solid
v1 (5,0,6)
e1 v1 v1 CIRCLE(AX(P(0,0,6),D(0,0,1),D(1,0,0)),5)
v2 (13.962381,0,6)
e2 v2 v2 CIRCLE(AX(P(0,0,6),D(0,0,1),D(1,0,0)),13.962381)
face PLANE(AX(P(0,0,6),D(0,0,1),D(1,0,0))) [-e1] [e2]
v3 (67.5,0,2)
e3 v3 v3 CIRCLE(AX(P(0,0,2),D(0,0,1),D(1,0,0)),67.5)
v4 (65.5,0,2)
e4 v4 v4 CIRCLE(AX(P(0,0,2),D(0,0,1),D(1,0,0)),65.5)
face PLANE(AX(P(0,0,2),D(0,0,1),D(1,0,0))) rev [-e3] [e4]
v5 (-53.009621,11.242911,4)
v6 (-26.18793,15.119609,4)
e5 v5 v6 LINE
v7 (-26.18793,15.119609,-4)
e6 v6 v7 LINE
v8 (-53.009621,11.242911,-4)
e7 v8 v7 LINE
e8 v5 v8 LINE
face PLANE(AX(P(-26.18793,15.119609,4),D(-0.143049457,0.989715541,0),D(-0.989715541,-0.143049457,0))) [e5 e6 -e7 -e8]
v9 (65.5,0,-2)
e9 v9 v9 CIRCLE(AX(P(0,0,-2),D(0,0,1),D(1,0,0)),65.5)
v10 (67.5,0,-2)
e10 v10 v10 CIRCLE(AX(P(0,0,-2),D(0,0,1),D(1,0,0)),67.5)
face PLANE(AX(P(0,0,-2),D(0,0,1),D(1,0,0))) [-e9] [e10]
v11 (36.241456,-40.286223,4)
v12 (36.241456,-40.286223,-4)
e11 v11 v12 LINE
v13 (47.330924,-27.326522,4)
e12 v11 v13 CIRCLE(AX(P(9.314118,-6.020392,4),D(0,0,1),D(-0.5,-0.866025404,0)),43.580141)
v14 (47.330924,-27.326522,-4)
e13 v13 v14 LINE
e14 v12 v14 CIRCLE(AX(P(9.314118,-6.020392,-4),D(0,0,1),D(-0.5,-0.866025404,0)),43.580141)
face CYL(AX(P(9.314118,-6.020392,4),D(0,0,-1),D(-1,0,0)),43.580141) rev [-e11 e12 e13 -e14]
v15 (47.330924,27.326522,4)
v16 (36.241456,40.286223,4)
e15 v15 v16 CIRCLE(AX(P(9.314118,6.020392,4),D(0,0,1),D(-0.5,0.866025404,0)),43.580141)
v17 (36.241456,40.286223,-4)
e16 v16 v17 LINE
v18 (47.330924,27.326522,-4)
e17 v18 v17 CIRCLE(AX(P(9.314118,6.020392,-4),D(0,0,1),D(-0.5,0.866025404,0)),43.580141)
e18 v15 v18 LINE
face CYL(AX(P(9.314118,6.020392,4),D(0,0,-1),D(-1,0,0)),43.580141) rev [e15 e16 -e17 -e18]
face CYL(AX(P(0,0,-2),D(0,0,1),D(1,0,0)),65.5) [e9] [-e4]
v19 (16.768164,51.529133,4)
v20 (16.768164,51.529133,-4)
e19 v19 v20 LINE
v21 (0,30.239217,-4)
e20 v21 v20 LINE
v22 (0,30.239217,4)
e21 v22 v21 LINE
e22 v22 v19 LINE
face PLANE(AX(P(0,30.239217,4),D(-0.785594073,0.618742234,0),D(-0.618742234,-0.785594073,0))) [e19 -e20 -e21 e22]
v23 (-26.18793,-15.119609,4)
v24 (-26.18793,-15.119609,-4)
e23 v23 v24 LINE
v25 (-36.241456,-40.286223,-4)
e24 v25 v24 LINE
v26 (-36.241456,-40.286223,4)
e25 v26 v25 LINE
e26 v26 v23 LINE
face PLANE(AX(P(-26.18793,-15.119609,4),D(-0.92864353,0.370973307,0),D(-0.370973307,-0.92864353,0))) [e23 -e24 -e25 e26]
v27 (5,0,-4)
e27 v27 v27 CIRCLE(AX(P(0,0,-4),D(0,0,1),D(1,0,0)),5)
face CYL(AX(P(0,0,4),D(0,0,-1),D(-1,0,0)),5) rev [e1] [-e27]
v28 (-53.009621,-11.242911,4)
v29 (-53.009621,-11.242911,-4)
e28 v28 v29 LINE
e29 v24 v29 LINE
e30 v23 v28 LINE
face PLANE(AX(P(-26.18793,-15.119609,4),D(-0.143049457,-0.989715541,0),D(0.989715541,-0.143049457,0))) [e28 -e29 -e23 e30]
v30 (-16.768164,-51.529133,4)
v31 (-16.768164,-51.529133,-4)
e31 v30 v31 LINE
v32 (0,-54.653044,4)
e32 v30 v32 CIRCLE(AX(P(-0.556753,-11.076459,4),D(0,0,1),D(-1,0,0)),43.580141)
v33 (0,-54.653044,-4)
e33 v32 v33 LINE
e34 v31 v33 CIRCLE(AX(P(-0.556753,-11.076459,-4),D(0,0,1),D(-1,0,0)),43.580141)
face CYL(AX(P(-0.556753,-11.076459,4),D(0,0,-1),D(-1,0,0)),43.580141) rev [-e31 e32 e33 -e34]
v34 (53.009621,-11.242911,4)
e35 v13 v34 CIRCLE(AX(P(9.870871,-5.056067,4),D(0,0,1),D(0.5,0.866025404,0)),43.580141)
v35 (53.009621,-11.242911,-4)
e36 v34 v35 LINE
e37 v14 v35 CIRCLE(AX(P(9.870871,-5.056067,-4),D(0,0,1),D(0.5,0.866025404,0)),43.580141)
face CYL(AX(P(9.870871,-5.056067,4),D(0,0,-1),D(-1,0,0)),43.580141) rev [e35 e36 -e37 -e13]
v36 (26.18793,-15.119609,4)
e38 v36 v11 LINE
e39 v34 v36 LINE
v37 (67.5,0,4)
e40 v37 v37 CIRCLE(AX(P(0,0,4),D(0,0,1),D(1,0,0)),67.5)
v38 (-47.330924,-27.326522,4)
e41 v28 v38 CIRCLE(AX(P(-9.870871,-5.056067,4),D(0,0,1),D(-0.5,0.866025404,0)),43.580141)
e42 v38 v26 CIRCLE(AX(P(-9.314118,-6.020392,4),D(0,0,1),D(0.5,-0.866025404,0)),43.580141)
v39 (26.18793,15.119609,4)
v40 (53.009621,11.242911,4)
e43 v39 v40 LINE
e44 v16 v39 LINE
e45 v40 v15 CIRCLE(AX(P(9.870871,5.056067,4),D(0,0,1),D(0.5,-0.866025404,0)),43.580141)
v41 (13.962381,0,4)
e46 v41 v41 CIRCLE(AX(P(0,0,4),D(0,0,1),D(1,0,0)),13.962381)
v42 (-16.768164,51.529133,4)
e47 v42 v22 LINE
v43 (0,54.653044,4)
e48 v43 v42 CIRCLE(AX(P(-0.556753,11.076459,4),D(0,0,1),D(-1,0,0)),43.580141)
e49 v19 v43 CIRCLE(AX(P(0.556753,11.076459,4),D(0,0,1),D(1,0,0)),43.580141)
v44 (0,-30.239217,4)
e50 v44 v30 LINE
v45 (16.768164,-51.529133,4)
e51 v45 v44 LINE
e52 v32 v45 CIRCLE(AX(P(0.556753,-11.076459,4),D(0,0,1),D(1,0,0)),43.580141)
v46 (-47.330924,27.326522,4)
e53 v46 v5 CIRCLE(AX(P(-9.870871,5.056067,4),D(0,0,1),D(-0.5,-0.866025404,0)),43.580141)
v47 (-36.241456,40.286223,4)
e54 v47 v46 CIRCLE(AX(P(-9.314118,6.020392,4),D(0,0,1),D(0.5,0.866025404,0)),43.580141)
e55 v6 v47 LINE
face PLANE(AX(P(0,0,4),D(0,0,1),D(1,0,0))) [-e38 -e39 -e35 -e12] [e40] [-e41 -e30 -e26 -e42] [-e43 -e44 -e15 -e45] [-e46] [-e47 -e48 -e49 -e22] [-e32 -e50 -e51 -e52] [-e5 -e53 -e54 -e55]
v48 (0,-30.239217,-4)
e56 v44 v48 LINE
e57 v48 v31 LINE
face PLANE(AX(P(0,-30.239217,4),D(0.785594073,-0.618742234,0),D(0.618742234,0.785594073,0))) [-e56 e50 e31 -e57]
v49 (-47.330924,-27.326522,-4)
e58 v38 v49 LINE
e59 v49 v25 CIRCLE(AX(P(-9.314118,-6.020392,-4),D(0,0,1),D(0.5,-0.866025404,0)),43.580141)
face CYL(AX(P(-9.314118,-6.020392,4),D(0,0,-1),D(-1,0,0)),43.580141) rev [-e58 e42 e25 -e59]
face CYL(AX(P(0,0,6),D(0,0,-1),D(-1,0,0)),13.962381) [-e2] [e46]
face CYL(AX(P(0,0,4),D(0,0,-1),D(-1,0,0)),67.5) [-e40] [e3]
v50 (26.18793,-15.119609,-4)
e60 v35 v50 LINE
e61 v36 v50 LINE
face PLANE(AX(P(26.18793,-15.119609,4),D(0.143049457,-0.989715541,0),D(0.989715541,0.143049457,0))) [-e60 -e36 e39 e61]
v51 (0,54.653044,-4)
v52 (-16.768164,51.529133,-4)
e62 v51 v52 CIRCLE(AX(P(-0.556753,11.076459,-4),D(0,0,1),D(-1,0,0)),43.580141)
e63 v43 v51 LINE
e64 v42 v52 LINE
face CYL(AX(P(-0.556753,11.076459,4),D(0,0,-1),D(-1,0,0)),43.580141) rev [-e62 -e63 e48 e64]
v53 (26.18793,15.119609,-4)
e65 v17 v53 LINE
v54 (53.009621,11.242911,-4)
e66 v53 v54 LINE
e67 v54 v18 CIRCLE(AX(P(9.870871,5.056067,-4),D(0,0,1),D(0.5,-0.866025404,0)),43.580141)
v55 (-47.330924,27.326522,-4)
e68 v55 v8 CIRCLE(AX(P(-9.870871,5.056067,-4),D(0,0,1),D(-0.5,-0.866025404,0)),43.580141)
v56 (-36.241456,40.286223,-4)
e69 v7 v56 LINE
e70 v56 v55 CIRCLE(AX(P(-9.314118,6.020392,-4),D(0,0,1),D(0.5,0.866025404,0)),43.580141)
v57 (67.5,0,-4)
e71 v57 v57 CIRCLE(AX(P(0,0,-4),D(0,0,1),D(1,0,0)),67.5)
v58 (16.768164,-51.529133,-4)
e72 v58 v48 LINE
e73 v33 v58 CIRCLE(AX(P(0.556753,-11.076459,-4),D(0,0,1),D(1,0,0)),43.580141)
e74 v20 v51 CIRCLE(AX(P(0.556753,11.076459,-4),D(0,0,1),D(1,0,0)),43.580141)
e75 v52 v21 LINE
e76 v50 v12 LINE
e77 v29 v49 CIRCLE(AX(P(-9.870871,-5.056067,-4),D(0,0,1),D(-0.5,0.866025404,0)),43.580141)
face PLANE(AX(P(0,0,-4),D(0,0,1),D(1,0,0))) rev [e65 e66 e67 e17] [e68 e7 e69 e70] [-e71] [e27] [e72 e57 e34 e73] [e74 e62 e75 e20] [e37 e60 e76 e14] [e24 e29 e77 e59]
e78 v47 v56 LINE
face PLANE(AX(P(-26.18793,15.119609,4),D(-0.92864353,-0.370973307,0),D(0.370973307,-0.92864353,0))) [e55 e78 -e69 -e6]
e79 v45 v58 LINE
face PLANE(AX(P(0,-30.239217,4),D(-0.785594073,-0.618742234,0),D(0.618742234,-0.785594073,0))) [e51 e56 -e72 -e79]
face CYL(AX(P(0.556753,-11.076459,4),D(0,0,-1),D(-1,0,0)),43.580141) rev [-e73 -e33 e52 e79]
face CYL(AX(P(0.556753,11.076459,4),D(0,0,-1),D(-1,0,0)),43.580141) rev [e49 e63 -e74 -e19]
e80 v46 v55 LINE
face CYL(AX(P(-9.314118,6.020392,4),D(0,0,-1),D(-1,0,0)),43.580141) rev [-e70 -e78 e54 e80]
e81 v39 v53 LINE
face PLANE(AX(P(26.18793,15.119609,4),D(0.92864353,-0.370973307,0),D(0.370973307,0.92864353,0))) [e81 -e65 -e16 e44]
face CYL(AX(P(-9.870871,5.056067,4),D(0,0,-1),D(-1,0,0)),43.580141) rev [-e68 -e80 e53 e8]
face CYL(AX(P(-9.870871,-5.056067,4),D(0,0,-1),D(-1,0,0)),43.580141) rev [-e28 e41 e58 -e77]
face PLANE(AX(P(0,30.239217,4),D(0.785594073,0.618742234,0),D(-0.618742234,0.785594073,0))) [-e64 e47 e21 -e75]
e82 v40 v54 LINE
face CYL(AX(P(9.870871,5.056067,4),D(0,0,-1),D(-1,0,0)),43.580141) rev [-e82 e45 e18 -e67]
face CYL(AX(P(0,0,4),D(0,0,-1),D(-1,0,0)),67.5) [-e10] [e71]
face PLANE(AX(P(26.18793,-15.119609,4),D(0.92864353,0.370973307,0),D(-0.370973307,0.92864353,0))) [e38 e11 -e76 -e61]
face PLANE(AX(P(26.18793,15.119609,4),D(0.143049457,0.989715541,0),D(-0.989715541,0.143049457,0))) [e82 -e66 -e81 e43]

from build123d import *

# Parameters (mm, degrees)
SKETCH1_R           = 67.5
SKETCH1_R_2         = 5
BOSS_EXTRUDE1_DEPTH = 4
CUT_EXTRUDE1_DEPTH  = 4
CIRPATTERN1_COUNT   = 6
SKETCH3_R           = 67.5
SKETCH3_R_2         = 65.5
CUT_EXTRUDE2_DEPTH  = 2
SKETCH4_R           = 13.962380749
SKETCH4_R_2         = 5
BOSS_EXTRUDE2_DEPTH = 2


with BuildPart() as part:
    # Sketch1 → Boss-Extrude1 (new, symmetric)
    with BuildSketch(Plane.XY):
        Circle(SKETCH1_R)
        Circle(SKETCH1_R_2, mode=Mode.SUBTRACT)
    extrude(amount=BOSS_EXTRUDE1_DEPTH, both=True)

    # Sketch2 → Cut-Extrude1 (cut, symmetric)
    with BuildSketch(Plane.XY):
        with BuildLine():
            Line((0, 30.239217172), (-16.768164039, 51.529133311))
            ThreePointArc((-16.768164039, 51.529133311), (-8.53840593, 53.919450475), (0, 54.653043584))
            ThreePointArc((0, 54.653043584), (8.53840593, 53.919450475), (16.768164039, 51.529133311))
            Line((16.768164039, 51.529133311), (0, 30.239217172))
        make_face()
    cut_extrude1 = extrude(amount=CUT_EXTRUDE1_DEPTH, both=True, mode=Mode.SUBTRACT)

    # CirPattern1: Cut-Extrude1 ×6 about axis
    cirpattern1_axis = Axis((0, 0, 0), (0, 0, 1))
    for i in range(1, CIRPATTERN1_COUNT):
        add(cut_extrude1.rotate(cirpattern1_axis, i * 360 / CIRPATTERN1_COUNT), mode=Mode.SUBTRACT)

    # Sketch3 → Cut-Extrude2 (cut, symmetric)
    with BuildSketch(Plane.XY):
        Circle(SKETCH3_R)
        Circle(SKETCH3_R_2, mode=Mode.SUBTRACT)
    extrude(amount=CUT_EXTRUDE2_DEPTH, both=True, mode=Mode.SUBTRACT)

    # Sketch4 → Boss-Extrude2 (add)
    with BuildSketch(Plane.XY.offset(4)):
        Circle(SKETCH4_R)
        Circle(SKETCH4_R_2, mode=Mode.SUBTRACT)
    extrude(amount=BOSS_EXTRUDE2_DEPTH)


solid = part.part
